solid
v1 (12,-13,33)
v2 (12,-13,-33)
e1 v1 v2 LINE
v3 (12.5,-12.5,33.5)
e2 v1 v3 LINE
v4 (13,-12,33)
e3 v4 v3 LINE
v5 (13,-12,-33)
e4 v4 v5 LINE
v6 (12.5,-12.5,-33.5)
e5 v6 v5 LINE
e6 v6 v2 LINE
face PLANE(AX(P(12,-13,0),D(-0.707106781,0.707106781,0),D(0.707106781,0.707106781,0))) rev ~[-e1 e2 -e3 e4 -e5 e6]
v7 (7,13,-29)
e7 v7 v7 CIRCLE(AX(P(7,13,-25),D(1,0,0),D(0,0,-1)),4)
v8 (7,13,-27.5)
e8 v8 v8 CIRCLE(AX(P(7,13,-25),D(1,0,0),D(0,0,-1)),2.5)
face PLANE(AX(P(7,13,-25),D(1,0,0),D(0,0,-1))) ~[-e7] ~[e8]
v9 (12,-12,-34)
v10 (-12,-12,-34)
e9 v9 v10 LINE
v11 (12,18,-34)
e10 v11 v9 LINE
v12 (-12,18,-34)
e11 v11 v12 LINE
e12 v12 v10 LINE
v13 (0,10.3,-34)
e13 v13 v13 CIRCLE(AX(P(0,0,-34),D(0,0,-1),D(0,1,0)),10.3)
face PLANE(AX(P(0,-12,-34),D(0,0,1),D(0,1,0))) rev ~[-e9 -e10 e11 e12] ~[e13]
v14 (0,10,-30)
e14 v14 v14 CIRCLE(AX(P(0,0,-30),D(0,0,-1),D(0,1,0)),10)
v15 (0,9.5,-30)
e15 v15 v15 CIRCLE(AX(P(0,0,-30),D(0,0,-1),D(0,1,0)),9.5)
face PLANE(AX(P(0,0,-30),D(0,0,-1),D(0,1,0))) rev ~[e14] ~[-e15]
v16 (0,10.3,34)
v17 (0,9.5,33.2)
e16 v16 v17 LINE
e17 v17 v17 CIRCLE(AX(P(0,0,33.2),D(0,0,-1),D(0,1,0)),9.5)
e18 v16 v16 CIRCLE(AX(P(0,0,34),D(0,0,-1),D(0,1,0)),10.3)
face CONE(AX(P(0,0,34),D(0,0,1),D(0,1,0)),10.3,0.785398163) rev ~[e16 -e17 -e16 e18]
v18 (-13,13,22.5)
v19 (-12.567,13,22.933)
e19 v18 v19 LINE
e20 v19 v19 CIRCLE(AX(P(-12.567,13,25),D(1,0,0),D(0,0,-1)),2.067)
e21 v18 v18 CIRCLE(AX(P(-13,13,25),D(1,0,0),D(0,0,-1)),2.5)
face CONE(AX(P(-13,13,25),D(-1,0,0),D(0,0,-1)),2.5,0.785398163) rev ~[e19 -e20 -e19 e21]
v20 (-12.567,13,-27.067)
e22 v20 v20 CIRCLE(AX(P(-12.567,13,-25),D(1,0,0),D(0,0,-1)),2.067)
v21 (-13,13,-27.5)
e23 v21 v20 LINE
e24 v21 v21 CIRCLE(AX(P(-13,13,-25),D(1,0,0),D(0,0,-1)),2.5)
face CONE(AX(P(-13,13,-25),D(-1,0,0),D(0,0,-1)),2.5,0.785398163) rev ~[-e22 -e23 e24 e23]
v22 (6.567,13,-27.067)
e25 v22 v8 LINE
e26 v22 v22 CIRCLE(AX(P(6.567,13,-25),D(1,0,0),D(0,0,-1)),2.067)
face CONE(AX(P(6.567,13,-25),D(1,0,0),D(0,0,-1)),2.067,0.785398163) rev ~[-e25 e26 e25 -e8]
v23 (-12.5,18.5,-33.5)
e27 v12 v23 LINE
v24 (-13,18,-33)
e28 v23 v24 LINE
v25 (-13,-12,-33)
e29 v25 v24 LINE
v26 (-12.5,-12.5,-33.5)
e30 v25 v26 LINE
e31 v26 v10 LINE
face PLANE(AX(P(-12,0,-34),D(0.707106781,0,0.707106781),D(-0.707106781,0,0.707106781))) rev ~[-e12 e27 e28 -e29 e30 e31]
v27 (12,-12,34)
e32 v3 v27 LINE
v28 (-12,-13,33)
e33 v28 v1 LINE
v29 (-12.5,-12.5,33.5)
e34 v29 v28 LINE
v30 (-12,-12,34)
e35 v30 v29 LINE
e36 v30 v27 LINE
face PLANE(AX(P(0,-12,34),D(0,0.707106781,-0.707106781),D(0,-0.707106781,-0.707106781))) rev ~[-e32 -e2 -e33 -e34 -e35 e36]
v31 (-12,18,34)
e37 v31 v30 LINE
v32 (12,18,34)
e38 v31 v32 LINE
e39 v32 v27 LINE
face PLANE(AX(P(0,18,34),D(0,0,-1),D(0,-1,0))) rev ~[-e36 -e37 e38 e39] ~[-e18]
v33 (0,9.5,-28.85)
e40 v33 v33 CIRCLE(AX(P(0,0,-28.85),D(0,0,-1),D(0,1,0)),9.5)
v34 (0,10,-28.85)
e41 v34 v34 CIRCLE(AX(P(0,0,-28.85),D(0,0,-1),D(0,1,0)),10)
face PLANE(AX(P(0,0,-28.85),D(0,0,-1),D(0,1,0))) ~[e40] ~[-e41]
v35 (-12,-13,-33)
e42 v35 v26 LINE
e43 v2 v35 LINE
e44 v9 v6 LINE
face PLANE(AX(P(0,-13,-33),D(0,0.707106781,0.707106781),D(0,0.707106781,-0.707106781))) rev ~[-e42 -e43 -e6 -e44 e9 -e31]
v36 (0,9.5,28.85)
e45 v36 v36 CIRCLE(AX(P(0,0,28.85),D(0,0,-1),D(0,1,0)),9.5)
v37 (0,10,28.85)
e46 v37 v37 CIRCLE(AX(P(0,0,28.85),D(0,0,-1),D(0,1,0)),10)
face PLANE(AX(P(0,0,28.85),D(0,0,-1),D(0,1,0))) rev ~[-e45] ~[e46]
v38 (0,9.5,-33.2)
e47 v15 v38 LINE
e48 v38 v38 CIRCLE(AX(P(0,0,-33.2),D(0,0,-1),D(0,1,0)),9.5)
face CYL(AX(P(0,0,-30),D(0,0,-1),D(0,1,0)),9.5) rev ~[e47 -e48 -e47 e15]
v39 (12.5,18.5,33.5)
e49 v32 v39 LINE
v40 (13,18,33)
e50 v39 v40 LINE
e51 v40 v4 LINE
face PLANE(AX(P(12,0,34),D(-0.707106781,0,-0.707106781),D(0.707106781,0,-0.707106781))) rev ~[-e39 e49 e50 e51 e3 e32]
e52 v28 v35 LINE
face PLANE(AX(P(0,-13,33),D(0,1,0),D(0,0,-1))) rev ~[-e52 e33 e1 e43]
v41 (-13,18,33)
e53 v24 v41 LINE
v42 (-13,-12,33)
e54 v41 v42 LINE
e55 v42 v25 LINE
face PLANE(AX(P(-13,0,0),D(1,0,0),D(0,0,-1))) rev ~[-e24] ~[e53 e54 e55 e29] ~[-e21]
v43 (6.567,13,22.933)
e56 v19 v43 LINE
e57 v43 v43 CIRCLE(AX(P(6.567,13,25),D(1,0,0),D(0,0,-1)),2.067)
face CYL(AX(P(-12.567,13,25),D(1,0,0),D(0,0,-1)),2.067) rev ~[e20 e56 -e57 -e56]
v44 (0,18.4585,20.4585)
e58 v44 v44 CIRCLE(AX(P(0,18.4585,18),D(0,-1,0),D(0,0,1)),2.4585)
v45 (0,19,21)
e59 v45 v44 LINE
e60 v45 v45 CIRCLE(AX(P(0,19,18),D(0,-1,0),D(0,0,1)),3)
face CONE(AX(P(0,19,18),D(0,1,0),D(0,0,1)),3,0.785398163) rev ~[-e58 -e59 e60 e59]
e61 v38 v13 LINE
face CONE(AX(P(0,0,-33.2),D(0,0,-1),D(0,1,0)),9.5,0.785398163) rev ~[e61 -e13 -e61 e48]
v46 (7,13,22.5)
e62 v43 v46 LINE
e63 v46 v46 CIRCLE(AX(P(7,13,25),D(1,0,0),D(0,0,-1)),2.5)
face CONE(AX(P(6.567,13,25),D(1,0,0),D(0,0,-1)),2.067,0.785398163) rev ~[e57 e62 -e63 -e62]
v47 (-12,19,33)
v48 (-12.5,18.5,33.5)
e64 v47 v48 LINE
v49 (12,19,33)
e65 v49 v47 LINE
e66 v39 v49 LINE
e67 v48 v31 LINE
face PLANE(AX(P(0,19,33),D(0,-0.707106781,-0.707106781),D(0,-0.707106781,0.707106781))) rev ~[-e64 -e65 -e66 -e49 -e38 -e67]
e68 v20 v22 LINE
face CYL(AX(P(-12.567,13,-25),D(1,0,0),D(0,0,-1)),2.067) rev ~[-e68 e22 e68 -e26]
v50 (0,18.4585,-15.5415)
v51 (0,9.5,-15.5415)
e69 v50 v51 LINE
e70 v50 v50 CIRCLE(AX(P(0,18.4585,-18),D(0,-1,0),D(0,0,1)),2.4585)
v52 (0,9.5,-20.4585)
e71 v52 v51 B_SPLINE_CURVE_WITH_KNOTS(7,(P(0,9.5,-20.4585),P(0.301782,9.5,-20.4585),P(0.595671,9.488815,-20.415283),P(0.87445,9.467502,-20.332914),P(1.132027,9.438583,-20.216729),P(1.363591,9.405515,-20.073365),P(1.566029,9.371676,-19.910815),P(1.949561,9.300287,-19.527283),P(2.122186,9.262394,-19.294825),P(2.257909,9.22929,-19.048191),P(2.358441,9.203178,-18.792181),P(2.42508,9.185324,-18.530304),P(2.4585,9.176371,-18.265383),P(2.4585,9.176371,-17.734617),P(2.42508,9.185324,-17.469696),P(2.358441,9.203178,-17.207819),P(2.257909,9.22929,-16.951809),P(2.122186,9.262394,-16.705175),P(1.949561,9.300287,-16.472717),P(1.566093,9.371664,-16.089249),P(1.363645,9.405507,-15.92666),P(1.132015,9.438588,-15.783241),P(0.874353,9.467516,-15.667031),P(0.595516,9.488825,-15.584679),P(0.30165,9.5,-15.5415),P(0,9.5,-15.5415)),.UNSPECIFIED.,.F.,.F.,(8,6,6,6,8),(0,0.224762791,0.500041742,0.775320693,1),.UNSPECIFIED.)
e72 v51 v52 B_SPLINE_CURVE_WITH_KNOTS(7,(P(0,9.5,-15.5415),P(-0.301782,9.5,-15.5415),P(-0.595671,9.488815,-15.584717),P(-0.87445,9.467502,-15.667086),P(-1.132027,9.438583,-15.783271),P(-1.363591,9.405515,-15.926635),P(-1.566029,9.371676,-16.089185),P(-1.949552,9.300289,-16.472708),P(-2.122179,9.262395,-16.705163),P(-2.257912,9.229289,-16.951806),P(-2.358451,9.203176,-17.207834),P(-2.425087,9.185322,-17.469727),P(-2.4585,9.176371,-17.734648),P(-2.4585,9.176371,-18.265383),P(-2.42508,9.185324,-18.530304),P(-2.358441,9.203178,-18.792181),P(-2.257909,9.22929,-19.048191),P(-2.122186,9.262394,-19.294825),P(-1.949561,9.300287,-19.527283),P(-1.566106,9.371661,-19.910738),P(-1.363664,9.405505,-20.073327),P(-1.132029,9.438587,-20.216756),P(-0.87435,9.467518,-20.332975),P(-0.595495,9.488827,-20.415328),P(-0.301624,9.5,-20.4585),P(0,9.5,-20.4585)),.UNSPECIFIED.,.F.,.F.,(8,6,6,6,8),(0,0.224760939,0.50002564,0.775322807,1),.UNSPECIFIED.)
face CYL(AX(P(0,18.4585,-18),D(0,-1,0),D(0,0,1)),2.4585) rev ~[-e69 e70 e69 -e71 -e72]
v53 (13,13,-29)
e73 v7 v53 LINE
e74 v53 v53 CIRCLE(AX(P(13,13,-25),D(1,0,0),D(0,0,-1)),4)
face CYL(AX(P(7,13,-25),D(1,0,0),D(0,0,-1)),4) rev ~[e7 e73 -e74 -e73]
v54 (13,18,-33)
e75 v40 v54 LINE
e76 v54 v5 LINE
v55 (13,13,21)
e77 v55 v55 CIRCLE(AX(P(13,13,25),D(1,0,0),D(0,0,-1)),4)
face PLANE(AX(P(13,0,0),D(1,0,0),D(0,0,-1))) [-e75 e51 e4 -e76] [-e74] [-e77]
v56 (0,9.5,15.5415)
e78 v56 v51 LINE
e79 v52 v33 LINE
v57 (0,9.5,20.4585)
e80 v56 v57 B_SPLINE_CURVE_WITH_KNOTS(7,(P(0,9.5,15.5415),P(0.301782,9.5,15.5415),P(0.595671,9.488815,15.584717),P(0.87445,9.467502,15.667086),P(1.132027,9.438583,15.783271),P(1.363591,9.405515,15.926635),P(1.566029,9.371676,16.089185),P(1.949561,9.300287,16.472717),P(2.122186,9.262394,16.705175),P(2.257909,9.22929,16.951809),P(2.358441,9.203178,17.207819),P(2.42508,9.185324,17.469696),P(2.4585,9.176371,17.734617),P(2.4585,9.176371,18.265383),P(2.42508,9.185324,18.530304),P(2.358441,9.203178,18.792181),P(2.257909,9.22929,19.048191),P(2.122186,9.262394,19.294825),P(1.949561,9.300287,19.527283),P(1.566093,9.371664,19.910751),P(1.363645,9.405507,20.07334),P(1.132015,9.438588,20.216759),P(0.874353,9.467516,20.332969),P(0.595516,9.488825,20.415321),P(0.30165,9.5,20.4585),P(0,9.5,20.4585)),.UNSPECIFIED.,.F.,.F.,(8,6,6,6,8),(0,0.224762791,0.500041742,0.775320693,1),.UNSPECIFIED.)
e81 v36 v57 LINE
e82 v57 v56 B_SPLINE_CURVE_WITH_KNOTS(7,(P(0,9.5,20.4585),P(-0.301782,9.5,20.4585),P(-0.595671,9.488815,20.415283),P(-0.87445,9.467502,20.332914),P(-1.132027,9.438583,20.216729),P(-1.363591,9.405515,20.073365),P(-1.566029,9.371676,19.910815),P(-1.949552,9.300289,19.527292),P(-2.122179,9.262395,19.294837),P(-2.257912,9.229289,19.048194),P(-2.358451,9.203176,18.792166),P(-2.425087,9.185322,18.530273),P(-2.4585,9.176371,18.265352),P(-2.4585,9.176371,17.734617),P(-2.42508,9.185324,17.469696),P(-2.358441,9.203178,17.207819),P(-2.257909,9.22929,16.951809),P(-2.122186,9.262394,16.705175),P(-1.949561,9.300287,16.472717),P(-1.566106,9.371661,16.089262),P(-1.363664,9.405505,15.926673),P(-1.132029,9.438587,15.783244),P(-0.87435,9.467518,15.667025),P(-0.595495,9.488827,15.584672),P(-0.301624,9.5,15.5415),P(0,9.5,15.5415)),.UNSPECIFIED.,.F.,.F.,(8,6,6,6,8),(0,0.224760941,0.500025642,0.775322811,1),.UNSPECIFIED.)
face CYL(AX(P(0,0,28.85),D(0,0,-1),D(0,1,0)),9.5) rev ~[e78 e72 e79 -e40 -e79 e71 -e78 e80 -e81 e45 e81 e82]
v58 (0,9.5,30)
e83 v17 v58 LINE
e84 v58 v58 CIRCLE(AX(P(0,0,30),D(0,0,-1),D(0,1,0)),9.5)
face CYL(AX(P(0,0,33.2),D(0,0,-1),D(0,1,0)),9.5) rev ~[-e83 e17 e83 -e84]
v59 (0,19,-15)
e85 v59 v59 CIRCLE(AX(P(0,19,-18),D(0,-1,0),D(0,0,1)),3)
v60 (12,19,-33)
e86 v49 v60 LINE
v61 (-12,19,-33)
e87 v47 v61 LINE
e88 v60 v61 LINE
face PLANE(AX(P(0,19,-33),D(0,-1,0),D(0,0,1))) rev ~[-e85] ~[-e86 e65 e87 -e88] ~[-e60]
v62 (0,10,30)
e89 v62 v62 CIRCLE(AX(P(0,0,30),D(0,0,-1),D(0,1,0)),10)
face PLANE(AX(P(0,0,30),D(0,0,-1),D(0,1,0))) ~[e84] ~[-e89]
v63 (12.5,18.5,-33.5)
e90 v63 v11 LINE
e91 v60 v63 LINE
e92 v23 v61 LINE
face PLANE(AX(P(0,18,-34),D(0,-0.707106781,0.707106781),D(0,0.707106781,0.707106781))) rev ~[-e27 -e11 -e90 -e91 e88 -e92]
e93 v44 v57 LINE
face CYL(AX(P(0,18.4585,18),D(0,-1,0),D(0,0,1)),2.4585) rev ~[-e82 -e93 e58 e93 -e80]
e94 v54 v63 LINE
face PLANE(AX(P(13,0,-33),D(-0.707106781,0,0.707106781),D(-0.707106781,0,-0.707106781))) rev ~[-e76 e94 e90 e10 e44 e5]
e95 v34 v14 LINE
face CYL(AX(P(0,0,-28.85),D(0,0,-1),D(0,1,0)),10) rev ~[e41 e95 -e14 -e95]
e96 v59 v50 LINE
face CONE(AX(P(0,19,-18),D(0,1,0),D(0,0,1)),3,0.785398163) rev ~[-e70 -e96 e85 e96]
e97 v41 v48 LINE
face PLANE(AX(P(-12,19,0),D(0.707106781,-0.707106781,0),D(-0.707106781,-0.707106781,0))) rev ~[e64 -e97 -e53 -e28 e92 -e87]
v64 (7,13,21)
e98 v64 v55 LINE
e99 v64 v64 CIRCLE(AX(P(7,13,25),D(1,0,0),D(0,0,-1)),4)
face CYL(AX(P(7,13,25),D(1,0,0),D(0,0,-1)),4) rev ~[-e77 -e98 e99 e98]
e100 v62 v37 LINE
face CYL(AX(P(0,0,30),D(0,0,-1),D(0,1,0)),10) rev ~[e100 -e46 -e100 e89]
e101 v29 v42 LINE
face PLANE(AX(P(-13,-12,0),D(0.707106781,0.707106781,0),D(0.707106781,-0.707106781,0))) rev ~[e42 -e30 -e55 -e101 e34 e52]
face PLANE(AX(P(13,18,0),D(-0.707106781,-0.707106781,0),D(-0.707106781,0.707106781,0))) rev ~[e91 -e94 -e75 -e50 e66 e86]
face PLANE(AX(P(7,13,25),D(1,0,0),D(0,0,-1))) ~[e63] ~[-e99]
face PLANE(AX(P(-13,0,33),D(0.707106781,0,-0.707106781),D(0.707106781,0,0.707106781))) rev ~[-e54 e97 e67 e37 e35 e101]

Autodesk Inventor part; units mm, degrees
sketch "Sketch_8" plane through (0, 0, 0) normal (1, 0, 0) x (0, 0, -1)
  line L0 (-34, 18) -> (-34, -12)
  line L1 (-34, -12) -> (-33, -13)
  line L2 (-33, -13) -> (33, -13)
  line L3 (33, -13) -> (34, -12)
  line L4 (34, -12) -> (34, 18)
  line L5 (34, 18) -> (33, 19)
  line L6 (33, 19) -> (-33, 19)
  line L7 (-33, 19) -> (-34, 18)
extrude "Extrusion1" add sketch "Sketch_8" along normal mid plane 26
sketch "_____1" plane through (0, 0, 0) normal (0, 0, 1) x (1, 0, 0)
  line L0 (-14, -14) -> (14, -14)
  line L1 (14, -14) -> (14, 20)
  line L2 (14, 20) -> (-14, 20)
  line L3 (-14, 20) -> (-14, -14)
  line L4 (-13, 18) -> (-13, -12)
  line L5 (-13, -12) -> (-12, -13)
  line L6 (-12, -13) -> (12, -13)
  line L7 (12, -13) -> (13, -12)
  line L8 (13, -12) -> (13, 18)
  line L9 (13, 18) -> (12, 19)
  line L10 (12, 19) -> (-12, 19)
  line L11 (-12, 19) -> (-13, 18)
extrude "Extrusion2" cut sketch "_____1" along normal mid plane 68
sketch "_____2" plane through (0, 0, 0) normal (0, 1, 0) x (1, 0, 0)
  line L0 (-14, -35) -> (14, -35)
  line L1 (14, -35) -> (14, 35)
  line L2 (14, 35) -> (-14, 35)
  line L3 (-14, 35) -> (-14, -35)
  line L4 (-13, 33) -> (-13, -33)
  line L5 (-13, -33) -> (-12, -34)
  line L6 (-12, -34) -> (12, -34)
  line L7 (12, -34) -> (13, -33)
  line L8 (13, -33) -> (13, 33)
  line L9 (13, 33) -> (12, 34)
  line L10 (12, 34) -> (-12, 34)
  line L11 (-12, 34) -> (-13, 33)
extrude "Extrusion3" cut sketch "_____2" along normal mid plane 64
sketch "Sketch_1" plane through (0, 0, 0) normal (1, 0, 0) x (0, 0, -1)
  line L0 (34, 0) -> (-34, 0)
  line L1 (-34, 0) -> (-34, 10.3)
  line L2 (-34, 10.3) -> (-33.2, 9.5)
  line L3 (-33.2, 9.5) -> (-30, 9.5)
  line L4 (-30, 9.5) -> (-30, 10)
  line L5 (-30, 10) -> (-28.85, 10)
  line L6 (-28.85, 10) -> (-28.85, 9.5)
  line L7 (-28.85, 9.5) -> (28.85, 9.5)
  line L8 (28.85, 9.5) -> (28.85, 10)
  line L9 (28.85, 10) -> (30, 10)
  line L10 (30, 10) -> (30, 9.5)
  line L11 (30, 9.5) -> (33.2, 9.5)
  line L12 (33.2, 9.5) -> (34, 10.3)
  line L13 (34, 10.3) -> (34, 0)
  line L14 (34, 0) -> (-34, 0)
revolve "Revolution1" cut sketch "Sketch_1" angle 360 about axis through (0, 0, -34) along (0, 0, -1)
sketch "Sketch5" plane through (-12, 19, -33) normal (0, 1, 0) x (1, 0, 0)
  point P0 (12, -15)
hole "Hole1" at (0, 19, -18) direction (0, -1, 0) diameter 4.917 depth 19 countersink diameter 6 countersink angle 90 thread size "M6x1" class "6H" standard "ISO Metric profile"
pattern_linear "Rectangular Pattern1" count 2 spacing 36 along (0, 0, 1) of "Hole1"
sketch "Sketch_3" plane through (0, 13, 0) normal (0, 1, 0) x (1, 0, 0)
  line L0 (13, 25) -> (-13, 25)
  line L1 (-13, 25) -> (-13, 27.5)
  line L2 (-13, 27.5) -> (-12.567, 27.067)
  line L3 (-12.567, 27.067) -> (6.567, 27.067)
  line L4 (6.567, 27.067) -> (7, 27.5)
  line L5 (7, 27.5) -> (7, 29)
  line L6 (7, 29) -> (13, 29)
  line L7 (13, 29) -> (13, 25)
  line L8 (13, 25) -> (-13, 25)
revolve "Revolution2" cut sketch "Sketch_3" angle 360 about axis through (13, 13, -25) along (1, 0, 0)
thread "Thread1" size "M5x0.8" class "6H" standard "ISO Metric profile" full length
pattern_linear "Rectangular Pattern2" count 2 spacing 50 along (0, 0, 1) of "Revolution2"
ref_plane "to_bushings_XY" through (0, 0, 0) normal (0, 0, 1) x (1, 0, 0)
ref_plane "to_bushings_YZ" through (0, 0, 0) normal (1, 0, 0) x (0, 1, 0)
ref_plane "to_bushings_ZX" through (0, 0, 0) normal (0, 1, 0) x (0, 0, 1)
ref_plane "to_rring_l_XY" through (0, 0, 28.85) normal (0, 0, -1) x (1, 0, 0)
ref_plane "to_rring_l_YZ" through (0, 0, 28.85) normal (1, 0, 0) x (0, -1, 0)
ref_plane "to_rring_l_ZX" through (0, 0, 28.85) normal (0, -1, 0) x (0, 0, -1)
ref_plane "to_rring_r_XY" through (0, 0, -28.85) normal (0, 0, 1) x (-1, 0, 0)
ref_plane "to_rring_r_YZ" through (0, 0, -28.85) normal (-1, 0, 0) x (0, -1, 0)
ref_plane "to_rring_r_ZX" through (0, 0, -28.85) normal (0, -1, 0) x (0, 0, 1)
properties part number "SLHSSW10_b"
